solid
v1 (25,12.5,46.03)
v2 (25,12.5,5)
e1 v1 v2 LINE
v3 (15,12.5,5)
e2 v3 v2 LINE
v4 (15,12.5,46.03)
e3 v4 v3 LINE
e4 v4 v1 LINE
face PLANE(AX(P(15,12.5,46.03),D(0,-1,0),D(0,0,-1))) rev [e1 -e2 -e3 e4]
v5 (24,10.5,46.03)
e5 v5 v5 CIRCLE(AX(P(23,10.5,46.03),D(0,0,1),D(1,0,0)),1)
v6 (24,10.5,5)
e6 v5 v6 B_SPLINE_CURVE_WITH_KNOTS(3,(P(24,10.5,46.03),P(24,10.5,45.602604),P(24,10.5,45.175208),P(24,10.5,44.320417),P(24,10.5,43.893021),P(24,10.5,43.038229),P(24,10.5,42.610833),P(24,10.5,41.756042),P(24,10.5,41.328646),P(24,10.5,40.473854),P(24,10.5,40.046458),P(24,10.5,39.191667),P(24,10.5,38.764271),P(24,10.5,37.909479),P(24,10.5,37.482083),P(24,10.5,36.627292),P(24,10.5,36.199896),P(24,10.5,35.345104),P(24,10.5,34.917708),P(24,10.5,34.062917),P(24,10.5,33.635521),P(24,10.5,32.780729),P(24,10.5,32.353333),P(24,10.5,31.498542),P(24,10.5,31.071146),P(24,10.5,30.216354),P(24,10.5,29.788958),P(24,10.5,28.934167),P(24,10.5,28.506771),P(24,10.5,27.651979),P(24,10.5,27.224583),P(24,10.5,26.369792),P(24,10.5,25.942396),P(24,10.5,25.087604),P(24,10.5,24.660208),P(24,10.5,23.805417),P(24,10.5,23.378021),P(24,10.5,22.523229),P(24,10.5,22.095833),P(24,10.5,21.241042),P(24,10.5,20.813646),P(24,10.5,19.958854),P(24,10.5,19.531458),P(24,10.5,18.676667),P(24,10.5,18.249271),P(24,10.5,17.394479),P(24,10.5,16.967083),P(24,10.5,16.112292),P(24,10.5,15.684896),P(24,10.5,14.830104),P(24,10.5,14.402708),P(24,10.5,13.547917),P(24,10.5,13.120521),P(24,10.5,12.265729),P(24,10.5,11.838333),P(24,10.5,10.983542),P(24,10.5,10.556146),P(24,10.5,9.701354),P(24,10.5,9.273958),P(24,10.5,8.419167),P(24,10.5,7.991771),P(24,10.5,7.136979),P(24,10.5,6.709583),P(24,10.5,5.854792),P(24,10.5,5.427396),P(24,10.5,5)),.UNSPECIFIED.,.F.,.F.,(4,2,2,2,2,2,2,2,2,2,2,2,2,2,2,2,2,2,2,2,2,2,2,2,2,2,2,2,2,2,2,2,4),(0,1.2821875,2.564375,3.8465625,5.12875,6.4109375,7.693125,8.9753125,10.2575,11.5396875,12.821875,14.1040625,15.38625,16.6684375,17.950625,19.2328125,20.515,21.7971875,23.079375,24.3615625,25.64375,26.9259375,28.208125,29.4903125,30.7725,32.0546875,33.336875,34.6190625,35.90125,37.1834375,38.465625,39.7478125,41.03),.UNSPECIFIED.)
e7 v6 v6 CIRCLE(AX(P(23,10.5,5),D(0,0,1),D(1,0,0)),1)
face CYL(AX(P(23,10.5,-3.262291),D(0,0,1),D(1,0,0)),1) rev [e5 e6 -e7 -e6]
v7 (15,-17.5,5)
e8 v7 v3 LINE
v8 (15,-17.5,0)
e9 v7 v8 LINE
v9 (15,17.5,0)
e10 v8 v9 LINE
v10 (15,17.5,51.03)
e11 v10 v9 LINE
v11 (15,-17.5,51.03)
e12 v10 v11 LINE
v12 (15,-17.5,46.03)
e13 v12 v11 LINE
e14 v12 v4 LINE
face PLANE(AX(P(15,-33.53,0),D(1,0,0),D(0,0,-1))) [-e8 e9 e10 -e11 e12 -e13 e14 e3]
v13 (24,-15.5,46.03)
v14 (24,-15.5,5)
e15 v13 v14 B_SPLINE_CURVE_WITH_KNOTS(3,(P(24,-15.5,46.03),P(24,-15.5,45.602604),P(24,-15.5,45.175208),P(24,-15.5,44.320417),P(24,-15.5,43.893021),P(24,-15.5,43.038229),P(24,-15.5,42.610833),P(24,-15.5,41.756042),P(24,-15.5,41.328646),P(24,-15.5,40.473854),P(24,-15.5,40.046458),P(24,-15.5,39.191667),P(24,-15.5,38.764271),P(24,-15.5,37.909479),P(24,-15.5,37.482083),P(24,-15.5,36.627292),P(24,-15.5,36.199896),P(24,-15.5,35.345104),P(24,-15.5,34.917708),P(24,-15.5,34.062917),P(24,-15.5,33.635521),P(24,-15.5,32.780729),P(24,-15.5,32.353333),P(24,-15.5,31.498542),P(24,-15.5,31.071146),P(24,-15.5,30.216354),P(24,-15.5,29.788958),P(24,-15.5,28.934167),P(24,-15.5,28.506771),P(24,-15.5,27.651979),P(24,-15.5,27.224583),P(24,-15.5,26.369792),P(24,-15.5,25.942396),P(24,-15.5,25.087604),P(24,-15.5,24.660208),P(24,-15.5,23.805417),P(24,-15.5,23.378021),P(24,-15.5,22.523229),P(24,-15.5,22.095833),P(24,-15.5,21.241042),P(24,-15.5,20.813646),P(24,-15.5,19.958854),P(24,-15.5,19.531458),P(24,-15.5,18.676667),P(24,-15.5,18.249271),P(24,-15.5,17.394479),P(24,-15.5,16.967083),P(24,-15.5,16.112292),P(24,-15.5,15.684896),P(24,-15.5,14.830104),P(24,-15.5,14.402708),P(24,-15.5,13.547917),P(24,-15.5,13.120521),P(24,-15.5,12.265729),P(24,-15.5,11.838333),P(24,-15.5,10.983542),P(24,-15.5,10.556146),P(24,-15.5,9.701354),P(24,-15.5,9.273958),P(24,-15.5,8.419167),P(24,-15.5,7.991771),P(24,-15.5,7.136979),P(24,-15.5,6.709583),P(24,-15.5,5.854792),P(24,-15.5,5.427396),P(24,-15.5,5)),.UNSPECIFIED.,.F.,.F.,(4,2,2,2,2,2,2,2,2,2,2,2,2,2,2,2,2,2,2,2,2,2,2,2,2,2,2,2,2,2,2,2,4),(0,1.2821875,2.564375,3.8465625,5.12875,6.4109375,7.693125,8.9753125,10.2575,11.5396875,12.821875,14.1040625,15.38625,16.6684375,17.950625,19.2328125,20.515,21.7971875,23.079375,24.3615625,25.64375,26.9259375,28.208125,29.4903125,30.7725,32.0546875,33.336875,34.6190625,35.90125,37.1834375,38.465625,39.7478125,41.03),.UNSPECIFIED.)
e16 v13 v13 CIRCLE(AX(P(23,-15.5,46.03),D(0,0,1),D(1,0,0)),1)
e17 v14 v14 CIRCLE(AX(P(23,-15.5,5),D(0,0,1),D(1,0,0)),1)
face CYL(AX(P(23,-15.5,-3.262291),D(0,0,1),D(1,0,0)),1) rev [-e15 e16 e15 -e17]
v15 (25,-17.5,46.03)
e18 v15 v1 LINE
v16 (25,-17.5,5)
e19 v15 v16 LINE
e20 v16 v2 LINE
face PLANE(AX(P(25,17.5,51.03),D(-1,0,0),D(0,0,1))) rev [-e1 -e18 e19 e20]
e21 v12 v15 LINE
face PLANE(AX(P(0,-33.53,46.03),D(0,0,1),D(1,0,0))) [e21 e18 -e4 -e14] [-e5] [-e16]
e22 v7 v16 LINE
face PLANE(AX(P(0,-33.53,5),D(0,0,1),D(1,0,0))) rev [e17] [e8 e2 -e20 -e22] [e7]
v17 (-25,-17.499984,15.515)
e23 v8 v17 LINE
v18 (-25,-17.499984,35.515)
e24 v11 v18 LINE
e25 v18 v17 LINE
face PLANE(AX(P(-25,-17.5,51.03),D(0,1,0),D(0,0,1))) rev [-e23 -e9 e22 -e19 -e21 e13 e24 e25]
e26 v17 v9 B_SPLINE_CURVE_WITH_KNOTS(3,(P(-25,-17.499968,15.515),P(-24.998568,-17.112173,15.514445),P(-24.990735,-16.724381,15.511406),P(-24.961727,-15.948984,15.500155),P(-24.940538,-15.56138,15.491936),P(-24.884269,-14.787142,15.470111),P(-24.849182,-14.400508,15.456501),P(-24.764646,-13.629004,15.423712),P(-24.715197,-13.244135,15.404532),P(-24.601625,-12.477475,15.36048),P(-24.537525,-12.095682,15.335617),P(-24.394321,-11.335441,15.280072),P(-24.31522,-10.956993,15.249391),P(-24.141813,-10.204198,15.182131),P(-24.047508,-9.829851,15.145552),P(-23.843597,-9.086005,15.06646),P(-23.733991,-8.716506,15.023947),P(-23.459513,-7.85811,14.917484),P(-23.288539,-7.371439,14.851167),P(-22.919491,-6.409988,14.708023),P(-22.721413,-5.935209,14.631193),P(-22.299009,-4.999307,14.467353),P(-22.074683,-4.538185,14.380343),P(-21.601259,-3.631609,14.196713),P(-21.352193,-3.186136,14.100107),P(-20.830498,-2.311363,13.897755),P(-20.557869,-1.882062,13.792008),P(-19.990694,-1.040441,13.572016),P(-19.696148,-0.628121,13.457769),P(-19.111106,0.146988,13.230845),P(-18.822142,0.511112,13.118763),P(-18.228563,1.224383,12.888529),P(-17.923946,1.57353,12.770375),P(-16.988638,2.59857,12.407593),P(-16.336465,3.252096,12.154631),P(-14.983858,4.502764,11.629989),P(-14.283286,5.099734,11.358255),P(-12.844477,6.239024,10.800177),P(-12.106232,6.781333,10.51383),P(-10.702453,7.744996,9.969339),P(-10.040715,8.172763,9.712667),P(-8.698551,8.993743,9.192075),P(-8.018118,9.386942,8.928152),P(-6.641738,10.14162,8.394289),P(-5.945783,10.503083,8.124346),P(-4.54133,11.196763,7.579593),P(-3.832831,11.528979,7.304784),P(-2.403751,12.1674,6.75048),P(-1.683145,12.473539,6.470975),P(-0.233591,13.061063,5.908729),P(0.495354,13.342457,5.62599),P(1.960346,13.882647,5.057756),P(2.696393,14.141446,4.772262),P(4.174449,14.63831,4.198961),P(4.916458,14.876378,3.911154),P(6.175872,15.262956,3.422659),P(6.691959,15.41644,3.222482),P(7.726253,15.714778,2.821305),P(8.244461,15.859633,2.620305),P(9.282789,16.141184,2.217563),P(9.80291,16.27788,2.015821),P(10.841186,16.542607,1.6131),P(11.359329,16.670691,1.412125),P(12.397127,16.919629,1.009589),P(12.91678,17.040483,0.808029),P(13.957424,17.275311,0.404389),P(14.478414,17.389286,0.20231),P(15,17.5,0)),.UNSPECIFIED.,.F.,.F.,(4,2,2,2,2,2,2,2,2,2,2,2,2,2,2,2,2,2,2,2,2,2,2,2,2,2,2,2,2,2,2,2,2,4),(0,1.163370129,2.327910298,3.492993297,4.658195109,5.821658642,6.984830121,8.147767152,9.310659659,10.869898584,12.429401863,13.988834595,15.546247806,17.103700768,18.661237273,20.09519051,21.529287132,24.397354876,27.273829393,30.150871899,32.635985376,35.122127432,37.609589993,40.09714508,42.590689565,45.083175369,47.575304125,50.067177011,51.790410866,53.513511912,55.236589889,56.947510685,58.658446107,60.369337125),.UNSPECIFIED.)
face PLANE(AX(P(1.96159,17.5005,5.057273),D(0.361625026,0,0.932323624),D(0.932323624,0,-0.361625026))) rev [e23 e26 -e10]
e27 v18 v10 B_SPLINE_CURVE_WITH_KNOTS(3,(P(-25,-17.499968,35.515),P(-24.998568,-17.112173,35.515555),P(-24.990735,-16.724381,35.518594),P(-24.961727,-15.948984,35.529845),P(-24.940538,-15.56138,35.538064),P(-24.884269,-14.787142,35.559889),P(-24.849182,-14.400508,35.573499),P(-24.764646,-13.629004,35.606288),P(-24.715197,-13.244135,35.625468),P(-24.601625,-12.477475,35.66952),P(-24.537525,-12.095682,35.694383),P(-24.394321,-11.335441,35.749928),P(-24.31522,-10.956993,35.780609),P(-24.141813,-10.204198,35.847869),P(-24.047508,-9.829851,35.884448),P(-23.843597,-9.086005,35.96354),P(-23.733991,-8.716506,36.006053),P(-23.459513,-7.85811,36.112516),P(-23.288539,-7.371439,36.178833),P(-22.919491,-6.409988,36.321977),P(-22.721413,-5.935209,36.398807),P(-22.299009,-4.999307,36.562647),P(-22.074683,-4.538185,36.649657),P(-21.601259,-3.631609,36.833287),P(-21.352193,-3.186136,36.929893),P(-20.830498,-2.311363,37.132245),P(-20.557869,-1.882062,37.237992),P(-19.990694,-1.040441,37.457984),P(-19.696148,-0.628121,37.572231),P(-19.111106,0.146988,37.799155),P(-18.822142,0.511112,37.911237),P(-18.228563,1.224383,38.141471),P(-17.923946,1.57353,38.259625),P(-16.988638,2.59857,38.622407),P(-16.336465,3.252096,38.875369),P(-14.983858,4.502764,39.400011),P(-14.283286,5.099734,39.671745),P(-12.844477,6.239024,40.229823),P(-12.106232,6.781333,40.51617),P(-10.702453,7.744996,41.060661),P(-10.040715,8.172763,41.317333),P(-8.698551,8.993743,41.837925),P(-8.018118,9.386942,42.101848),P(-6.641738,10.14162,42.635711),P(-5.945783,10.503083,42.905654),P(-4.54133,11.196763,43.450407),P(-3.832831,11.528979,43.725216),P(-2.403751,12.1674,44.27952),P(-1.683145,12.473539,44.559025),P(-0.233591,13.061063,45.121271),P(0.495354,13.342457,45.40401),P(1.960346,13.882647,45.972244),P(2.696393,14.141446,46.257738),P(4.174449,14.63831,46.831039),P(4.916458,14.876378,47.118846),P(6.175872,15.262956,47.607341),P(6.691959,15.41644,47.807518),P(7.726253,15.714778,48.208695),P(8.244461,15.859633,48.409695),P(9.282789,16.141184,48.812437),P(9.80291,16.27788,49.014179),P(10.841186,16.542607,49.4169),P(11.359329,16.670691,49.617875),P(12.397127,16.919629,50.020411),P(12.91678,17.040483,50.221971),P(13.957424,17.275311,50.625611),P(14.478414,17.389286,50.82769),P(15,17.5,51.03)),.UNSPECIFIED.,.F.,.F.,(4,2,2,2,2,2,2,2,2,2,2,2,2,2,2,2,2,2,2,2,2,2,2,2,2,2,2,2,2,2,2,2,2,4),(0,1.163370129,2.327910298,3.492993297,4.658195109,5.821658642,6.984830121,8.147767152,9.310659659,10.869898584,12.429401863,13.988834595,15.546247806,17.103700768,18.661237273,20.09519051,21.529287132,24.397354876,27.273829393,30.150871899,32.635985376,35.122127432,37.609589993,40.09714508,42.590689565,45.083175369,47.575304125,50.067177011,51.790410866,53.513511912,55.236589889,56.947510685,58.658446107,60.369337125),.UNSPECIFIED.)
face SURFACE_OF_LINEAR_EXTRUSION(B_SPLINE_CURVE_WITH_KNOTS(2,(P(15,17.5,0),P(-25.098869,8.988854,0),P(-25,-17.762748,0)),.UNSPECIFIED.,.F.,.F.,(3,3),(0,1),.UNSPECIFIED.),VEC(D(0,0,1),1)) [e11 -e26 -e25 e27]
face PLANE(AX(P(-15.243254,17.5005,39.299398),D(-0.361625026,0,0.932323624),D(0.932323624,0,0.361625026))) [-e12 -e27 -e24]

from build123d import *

# Parameters (mm, degrees)
SKETCH_1_W           = 50
SKETCH_1_H           = 35
EXTRUDE_1_DEPTH      = 51.03
SKETCH_2_W           = 10
SKETCH_2_H           = 5
CUT_EXTRUDE_1_DEPTH  = 51.03
CUT_EXTRUDE_16_DEPTH = 60.458480472
CUT_EXTRUDE_17_DEPTH = 67.738751278
SKETCH_13_W          = 41.03
SKETCH_13_H          = 5
CUT_EXTRUDE_18_DEPTH = 10
SKETCH_14_R          = 1
CUT_EXTRUDE_19_DEPTH = 56.22690393


with BuildPart() as part:
    # 草图1 → 凸台-拉伸1 (new body)
    with BuildSketch(Plane.XY):
        Rectangle(SKETCH_1_W, SKETCH_1_H)
    extrude(amount=EXTRUDE_1_DEPTH)

    # 草图2 → 切除-拉伸1 (cut)
    with BuildSketch(Plane(origin=(0, 17.5, 0), x_dir=(1, 0, 0), z_dir=(0, 1, 0))):
        with Locations((20, -2.5)):
            Rectangle(SKETCH_2_W, SKETCH_2_H)
        with Locations((20, -48.53)):
            Rectangle(SKETCH_2_W, SKETCH_2_H)
    extrude(amount=-CUT_EXTRUDE_1_DEPTH, mode=Mode.SUBTRACT)

    # 草图3 → 切除-拉伸16 (cut, through all)
    with BuildSketch(Plane.XY.offset(51.03)):
        with BuildLine():
            add(Edge.make_bspline(
                [(15, 17.5), (-24.901617215, 9.03072155), (-25, -17.5)],
                knots=[0, 0, 0, 0.995080861, 0.995080861, 0.995080861], degree=2))
            Line((15, 17.5), (-25, 17.5))
            Line((-25, 17.5), (-25, -17.5))
        make_face()
    extrude(amount=-CUT_EXTRUDE_16_DEPTH, mode=Mode.SUBTRACT)

    # 草图11 → 切除-拉伸17 (cut, through all)
    with BuildSketch(Plane.XZ.offset(17.5)):
        Polygon((-25, 35.515), (15, 51.03), (-25, 51.03), align=None)
        Polygon((-25, 0), (15, 0), (-25, 15.515), align=None)
    extrude(amount=-CUT_EXTRUDE_17_DEPTH, mode=Mode.SUBTRACT)

    # 草图13 → 切除-拉伸18 (cut)
    with BuildSketch(Plane(origin=(25, 0, 0), x_dir=(0, 0, -1), z_dir=(1, 0, 0))):
        with Locations((-25.515, 15)):
            Rectangle(SKETCH_13_W, SKETCH_13_H)
    extrude(amount=-CUT_EXTRUDE_18_DEPTH, mode=Mode.SUBTRACT)

    # 草图14 → 切除-拉伸19 (cut, through all)
    with BuildSketch(Plane.XY.offset(46.03)):
        with Locations((23, 10.5)):
            Circle(SKETCH_14_R)
        with Locations((23, -15.5)):
            Circle(SKETCH_14_R)
    extrude(amount=-CUT_EXTRUDE_19_DEPTH, mode=Mode.SUBTRACT)


solid = part.part
